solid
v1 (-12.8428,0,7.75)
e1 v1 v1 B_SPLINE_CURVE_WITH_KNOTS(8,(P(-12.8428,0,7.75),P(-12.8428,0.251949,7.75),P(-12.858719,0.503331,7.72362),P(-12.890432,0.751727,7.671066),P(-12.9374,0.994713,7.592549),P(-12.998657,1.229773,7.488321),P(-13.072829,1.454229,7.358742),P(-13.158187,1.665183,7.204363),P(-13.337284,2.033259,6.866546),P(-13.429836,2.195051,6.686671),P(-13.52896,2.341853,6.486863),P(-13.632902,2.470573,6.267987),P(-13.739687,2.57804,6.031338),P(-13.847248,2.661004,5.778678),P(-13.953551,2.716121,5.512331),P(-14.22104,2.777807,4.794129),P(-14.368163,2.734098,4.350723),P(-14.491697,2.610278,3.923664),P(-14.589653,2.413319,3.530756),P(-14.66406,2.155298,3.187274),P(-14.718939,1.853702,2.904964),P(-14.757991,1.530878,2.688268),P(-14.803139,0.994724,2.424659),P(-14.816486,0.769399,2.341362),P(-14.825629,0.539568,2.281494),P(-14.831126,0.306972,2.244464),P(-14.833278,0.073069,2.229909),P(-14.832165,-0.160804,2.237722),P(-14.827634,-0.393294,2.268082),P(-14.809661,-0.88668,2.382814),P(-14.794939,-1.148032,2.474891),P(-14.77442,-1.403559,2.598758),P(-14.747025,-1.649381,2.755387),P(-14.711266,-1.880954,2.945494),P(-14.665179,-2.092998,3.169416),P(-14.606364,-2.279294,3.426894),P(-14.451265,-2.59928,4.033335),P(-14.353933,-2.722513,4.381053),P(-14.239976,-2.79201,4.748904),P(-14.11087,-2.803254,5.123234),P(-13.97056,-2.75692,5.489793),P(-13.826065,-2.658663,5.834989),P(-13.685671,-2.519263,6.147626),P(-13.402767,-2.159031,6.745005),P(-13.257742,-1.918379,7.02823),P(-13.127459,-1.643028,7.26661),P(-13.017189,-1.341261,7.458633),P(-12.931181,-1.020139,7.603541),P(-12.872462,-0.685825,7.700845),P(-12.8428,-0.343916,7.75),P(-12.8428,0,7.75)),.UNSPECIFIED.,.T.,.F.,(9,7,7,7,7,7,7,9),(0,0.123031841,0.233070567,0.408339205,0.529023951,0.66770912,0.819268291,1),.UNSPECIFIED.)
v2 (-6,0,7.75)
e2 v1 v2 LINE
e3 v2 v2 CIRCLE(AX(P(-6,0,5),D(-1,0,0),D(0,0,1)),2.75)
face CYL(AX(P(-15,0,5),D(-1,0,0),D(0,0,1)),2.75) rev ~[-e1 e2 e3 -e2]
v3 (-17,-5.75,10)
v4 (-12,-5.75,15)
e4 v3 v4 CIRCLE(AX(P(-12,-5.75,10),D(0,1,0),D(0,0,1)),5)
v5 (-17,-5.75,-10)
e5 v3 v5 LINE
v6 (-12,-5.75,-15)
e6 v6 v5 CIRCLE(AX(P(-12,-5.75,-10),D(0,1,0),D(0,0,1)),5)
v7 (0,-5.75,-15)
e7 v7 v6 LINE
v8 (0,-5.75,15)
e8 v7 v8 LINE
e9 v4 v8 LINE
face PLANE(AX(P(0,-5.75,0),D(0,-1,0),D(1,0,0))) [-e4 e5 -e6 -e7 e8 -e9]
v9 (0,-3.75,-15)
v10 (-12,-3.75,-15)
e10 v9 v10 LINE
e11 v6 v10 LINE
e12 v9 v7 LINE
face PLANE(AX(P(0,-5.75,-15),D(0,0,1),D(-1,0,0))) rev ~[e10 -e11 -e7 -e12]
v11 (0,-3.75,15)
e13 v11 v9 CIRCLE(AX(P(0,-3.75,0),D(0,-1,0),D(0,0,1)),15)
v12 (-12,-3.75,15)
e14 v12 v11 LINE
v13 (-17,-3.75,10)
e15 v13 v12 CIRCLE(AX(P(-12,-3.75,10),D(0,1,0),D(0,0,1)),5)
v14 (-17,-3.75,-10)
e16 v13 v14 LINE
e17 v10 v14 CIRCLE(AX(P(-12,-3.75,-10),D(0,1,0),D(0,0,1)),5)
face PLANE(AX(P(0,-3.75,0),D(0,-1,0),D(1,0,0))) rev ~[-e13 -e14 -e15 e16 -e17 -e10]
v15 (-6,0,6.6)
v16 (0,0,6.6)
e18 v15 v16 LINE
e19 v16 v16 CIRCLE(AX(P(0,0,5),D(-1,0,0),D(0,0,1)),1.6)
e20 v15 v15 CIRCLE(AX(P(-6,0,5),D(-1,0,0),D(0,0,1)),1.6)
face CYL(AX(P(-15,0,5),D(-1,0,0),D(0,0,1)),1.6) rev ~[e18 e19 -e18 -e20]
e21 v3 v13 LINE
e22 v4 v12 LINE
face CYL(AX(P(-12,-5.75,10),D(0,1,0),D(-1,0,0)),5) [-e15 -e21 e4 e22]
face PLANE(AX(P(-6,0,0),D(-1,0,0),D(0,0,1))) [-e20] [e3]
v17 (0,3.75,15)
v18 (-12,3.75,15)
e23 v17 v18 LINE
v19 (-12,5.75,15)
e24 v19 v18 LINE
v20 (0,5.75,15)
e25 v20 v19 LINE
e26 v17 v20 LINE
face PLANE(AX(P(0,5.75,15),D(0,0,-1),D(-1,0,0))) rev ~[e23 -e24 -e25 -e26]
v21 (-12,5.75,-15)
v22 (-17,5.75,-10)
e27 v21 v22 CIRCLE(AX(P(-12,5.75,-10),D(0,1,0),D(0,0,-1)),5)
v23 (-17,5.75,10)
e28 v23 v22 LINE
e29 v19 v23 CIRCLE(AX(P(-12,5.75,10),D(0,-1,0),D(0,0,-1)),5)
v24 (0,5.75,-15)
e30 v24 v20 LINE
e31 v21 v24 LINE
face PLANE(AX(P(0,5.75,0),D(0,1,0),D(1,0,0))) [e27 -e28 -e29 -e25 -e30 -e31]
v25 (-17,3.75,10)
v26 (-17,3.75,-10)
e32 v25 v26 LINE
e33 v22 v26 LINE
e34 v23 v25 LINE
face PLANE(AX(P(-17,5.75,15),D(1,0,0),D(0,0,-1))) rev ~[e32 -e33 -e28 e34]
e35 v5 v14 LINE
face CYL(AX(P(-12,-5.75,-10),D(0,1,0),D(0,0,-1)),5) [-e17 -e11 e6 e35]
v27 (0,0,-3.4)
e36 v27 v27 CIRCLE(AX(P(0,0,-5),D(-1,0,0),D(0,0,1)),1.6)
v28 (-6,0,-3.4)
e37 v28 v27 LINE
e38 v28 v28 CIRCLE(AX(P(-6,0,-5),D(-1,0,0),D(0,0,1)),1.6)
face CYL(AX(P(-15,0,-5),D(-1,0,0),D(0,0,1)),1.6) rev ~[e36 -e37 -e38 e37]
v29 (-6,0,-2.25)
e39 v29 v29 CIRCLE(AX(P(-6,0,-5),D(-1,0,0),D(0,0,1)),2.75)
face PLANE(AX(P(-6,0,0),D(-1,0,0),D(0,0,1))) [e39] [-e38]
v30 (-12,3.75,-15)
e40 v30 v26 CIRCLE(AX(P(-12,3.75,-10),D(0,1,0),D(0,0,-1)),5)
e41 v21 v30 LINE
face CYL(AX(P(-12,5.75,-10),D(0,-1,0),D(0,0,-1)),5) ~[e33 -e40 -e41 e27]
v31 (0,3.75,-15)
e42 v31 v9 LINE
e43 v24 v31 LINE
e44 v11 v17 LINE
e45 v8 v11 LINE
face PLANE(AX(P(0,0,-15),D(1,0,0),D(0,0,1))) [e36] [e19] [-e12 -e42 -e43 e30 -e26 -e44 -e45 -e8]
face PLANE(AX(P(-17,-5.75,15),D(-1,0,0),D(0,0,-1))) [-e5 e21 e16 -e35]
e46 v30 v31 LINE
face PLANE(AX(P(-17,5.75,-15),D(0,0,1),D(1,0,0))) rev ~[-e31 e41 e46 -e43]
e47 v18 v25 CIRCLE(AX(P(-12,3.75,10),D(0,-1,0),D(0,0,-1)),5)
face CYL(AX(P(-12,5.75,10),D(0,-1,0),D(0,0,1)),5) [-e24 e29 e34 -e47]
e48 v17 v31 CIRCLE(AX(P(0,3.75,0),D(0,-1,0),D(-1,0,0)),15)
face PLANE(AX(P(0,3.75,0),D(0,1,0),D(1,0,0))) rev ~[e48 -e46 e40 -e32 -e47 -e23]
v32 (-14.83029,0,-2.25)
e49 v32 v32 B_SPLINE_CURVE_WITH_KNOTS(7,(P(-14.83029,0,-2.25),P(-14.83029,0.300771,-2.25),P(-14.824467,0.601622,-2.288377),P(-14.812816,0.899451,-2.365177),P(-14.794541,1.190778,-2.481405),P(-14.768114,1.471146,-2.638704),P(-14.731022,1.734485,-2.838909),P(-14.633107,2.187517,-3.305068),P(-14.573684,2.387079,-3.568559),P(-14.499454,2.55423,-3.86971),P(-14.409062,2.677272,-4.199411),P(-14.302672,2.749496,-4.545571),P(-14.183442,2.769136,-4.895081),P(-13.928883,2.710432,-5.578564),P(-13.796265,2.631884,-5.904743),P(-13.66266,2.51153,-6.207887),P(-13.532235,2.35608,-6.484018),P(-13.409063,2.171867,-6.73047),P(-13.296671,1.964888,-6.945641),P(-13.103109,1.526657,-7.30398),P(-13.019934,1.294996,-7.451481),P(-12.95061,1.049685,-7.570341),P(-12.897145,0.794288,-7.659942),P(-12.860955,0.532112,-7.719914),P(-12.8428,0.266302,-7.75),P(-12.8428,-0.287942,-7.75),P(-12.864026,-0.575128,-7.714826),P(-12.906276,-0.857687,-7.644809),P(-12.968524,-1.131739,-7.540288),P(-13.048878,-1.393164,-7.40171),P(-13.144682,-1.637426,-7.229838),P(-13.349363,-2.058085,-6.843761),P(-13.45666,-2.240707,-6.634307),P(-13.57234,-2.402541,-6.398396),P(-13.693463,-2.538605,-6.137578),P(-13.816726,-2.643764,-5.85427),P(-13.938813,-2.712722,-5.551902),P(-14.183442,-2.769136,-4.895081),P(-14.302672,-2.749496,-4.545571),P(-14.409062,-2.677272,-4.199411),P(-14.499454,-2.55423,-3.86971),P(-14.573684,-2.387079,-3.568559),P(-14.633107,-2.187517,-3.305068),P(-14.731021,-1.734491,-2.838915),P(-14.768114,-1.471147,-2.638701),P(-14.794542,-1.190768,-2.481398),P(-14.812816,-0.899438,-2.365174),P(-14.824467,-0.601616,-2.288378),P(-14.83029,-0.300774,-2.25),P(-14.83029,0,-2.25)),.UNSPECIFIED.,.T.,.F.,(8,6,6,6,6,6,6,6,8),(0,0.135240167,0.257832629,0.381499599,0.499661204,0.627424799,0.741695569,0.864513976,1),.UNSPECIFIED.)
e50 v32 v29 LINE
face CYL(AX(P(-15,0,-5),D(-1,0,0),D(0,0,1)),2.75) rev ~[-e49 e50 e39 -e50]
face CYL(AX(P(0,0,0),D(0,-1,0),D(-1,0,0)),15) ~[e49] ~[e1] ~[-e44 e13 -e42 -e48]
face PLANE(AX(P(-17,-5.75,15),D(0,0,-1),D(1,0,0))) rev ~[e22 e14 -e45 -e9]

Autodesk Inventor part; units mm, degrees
ref_plane "YZ Plane" through (0, 0, 0) normal (1, 0, 0) x (0, 1, 0)
ref_plane "XZ Plane" through (0, 0, 0) normal (0, 1, 0) x (-1, 0, 0)
sketch "Sketch1" plane through (0, 0, 0) normal (0, 1, 0) x (-1, 0, 0)
  circle A0 centre (0, 0) radius 15
  line L0 (0, -15) -> (0, 15)
  dimension "d0" = 30
extrude "Extrusion2" add sketch "Sketch1" along normal mid plane 11.5 contours A0 L0 picked at (3.1174, 3.9092)
sketch "Sketch2" plane through (0, 5.75, 0) normal (0, 1, 0) x (1, 0, 0)
  line L0 (0, -15) -> (0, 15) projected
  line L1 (0, -15) -> (-17, -15)
  line L2 (-17, -15) -> (-17, 15)
  line L3 (-17, 15) -> (0, 15)
  line L4 (0, 15) -> (0, -15)
  point P0 (0, 0)
extrude "Extrusion3" add sketch "Sketch2" against normal blind 2
sketch "Sketch3" plane through (0, -5.75, 0) normal (0, -1, 0) x (1, 0, 0)
  arc A0 (0, 15) -> (0, -15) centre (0, 0) ccw projected
  line L0 (-17, 15) -> (-17, -15) projected
  line L1 (0, -15) -> (-17, -15)
  line L2 (-17, -15) -> (-17, 15)
  line L3 (-17, 15) -> (0, 15)
  line L4 (0, 15) -> (0, -15)
extrude "Extrusion4" add sketch "Sketch3" against normal blind 2 contours A0 L1 L0 L3
ref_plane "Work Plane1" through (-15, 0, 0) normal (-1, 0, 0) x (0, 0, 1)
sketch "Sketch5" plane through (-15, 0, 0) normal (-1, 0, 0) x (0, 0, 1)
  circle A0 centre (-5, 0) radius 1.6
  line L0 (-15, 3.75) -> (-15, -3.75) projected
  circle A1 centre (5, 0) radius 1.6
  line L1 (15, -3.75) -> (15, 3.75) projected
  circle A2 centre (-5, 0) radius 2.75
  circle A3 centre (5, 0) radius 2.75
  point P0 (0, 0)
  dimension "d10" = 3.2
  dimension "d11" = 10
  dimension "d12" = 3.2
  dimension "d13" = 10
  dimension "d14" = 5.5
  dimension "d15" = 5.5
extrude "Extrusion5" cut sketch "Sketch5" against normal blind 15 contours A0 | A1
extrude "Extrusion6" cut sketch "Sketch5" against normal blind 9
fillet "Fillet1" radius 5 4 edges at (-17, 4.75, -15) (-17, 4.75, 15) (-17, -4.75, 15) (-17, -4.75, -15)
properties part number "Katrol Lifter_3DPrint"
